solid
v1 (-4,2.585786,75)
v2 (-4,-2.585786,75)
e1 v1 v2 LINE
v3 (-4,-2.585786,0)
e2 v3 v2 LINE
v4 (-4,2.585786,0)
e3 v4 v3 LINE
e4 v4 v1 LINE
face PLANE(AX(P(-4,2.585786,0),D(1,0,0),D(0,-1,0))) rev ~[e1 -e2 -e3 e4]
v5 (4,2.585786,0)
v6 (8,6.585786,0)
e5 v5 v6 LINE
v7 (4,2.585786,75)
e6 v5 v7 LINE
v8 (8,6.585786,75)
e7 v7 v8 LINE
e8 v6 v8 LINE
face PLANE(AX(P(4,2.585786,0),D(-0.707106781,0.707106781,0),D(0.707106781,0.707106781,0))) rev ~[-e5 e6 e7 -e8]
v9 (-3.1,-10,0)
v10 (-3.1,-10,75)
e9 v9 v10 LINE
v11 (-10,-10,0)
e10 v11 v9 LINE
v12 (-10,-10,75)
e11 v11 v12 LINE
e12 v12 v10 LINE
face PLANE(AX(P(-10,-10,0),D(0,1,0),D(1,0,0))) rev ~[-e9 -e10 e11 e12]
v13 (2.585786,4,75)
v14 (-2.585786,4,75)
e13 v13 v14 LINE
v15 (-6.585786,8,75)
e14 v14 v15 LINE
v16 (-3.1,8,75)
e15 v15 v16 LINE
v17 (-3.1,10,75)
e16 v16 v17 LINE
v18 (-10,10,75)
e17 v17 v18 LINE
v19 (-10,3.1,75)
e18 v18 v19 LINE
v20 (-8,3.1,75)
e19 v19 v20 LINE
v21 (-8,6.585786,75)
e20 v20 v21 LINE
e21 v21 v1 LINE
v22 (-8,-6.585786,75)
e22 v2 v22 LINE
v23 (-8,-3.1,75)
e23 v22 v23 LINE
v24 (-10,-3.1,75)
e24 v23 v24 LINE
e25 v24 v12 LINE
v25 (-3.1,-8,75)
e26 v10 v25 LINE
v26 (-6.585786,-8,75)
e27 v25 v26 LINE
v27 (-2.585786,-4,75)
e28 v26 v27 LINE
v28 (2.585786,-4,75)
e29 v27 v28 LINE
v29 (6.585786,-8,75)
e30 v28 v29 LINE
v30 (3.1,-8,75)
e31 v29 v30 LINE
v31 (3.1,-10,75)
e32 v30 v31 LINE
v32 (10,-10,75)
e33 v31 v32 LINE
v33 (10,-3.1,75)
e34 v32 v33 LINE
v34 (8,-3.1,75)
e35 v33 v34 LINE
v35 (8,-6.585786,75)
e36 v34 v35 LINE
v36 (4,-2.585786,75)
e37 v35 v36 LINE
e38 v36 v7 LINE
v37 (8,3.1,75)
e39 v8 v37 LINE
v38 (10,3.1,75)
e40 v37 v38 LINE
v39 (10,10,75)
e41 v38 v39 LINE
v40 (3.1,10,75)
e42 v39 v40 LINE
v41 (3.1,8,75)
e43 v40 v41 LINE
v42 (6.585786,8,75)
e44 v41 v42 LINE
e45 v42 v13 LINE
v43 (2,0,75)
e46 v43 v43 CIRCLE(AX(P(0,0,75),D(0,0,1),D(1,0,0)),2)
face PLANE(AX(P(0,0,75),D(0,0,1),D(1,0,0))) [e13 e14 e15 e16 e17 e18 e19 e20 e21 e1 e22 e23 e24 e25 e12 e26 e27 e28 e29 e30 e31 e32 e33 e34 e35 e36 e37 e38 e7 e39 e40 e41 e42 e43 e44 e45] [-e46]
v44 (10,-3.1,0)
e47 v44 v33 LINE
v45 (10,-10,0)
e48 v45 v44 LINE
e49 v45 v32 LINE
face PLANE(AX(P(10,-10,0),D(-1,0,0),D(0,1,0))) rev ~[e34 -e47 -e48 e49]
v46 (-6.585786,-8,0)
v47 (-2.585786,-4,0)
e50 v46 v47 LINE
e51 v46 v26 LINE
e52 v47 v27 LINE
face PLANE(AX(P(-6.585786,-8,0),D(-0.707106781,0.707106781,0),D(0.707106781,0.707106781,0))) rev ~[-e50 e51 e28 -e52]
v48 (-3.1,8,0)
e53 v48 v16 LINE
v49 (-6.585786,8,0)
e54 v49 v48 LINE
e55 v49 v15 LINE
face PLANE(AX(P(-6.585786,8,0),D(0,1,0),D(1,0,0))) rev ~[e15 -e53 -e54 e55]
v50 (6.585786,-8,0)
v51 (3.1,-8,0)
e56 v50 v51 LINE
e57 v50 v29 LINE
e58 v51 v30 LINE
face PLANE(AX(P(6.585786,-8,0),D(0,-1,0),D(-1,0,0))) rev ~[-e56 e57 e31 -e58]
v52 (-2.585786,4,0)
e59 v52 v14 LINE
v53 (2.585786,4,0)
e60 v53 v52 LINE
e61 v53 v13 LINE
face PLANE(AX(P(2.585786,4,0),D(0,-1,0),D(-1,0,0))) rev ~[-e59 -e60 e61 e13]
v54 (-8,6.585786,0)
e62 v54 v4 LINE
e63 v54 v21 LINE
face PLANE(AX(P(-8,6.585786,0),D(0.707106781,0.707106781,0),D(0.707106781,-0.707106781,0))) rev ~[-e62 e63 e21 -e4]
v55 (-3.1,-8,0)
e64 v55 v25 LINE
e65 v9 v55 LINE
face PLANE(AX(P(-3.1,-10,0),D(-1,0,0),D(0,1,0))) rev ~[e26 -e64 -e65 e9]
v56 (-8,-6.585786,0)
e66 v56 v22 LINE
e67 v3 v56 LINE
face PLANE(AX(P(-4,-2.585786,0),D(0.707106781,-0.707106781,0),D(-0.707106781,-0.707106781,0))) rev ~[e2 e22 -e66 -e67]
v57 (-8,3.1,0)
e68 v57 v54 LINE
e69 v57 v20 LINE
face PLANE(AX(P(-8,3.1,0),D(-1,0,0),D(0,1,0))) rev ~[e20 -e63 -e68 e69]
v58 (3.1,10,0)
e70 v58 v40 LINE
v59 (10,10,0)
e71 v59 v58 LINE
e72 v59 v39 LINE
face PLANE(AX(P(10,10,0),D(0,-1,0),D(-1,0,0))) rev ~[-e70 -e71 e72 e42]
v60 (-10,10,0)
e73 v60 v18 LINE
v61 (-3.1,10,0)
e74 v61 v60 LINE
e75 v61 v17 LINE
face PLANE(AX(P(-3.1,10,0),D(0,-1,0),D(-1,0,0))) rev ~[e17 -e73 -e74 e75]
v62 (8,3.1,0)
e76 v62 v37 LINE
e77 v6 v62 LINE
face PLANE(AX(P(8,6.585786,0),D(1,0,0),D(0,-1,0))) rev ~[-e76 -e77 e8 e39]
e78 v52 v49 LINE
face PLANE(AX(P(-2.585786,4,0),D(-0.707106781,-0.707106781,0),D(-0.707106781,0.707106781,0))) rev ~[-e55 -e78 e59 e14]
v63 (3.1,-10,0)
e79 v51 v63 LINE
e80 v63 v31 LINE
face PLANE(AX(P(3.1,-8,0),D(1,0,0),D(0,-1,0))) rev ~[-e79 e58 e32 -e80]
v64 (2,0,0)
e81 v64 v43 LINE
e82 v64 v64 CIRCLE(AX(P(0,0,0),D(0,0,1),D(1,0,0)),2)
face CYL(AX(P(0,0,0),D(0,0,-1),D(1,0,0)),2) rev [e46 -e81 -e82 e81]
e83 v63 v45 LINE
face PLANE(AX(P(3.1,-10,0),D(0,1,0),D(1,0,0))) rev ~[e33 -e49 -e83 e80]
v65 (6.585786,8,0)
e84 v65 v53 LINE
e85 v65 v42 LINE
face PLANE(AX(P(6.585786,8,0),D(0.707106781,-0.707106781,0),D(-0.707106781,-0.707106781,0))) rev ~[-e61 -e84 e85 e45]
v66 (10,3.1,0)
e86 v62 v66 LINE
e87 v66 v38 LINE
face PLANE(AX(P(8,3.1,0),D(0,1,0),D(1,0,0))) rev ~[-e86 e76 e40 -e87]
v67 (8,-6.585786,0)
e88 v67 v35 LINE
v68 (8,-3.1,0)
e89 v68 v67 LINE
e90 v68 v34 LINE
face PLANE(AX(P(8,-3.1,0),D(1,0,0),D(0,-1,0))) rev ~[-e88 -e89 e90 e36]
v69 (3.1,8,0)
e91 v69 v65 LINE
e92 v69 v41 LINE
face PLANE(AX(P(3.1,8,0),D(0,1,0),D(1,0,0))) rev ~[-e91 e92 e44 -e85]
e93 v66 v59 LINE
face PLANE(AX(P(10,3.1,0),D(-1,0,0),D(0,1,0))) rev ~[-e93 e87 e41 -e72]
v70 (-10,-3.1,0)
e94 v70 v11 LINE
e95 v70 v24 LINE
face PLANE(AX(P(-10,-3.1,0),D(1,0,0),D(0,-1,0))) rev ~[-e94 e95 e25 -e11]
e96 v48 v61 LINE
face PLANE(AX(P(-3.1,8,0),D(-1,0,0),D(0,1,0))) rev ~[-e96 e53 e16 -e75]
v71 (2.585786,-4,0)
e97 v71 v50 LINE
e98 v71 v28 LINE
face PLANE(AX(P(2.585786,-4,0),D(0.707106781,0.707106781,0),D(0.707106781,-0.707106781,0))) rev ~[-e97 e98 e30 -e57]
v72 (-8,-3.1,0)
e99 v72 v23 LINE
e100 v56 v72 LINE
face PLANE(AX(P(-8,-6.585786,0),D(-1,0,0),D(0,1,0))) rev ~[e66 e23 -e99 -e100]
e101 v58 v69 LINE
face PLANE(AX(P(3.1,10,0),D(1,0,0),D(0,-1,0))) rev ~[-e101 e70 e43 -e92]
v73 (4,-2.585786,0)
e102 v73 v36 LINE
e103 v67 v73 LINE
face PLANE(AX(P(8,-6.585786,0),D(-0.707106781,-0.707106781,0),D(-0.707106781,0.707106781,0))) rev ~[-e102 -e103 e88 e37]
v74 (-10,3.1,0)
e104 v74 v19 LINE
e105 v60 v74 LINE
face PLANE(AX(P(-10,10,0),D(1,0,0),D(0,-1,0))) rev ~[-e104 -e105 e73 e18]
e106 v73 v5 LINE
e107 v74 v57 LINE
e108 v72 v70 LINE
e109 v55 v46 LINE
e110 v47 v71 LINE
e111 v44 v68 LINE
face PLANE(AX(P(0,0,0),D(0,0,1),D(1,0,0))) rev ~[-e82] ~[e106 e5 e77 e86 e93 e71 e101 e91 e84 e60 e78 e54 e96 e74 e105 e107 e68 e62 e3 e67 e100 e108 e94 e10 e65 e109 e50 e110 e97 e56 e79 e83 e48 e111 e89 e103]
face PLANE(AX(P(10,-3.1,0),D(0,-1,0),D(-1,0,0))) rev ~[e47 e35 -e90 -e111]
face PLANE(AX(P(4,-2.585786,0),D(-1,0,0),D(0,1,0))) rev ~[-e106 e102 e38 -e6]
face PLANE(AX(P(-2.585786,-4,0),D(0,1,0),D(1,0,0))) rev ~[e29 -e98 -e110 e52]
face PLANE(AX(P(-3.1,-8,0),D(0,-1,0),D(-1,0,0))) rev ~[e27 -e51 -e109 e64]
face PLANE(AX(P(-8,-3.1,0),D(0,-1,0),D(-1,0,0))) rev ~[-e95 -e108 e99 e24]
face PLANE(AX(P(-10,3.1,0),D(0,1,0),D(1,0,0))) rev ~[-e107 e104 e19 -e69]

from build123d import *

# Parameters (mm, degrees)
SKETCH1_R           = 2
BOSS_EXTRUDE1_DEPTH = 75


with BuildPart() as part:
    # Sketch1 → Boss-Extrude1 (new body)
    with BuildSketch(Plane.XY):
        Polygon((-3.1, 10), (-10, 10), (-10, 3.1), (-8, 3.1), (-8, 6.585786438), (-4, 2.585786438), (-4, -2.585786438), (-8, -6.585786438), (-8, -3.1), (-10, -3.1), (-10, -10), (-3.1, -10), (-3.1, -8), (-6.585786438, -8), (-2.585786438, -4), (2.585786438, -4), (6.585786438, -8), (3.1, -8), (3.1, -10), (10, -10), (10, -3.1), (8, -3.1), (8, -6.585786438), (4, -2.585786438), (4, 2.585786438), (8, 6.585786438), (8, 3.1), (10, 3.1), (10, 10), (3.1, 10), (3.1, 8), (6.585786438, 8), (2.585786438, 4), (-2.585786438, 4), (-6.585786438, 8), (-3.1, 8), align=None)
        Circle(SKETCH1_R, mode=Mode.SUBTRACT)
    extrude(amount=BOSS_EXTRUDE1_DEPTH)


solid = part.part
